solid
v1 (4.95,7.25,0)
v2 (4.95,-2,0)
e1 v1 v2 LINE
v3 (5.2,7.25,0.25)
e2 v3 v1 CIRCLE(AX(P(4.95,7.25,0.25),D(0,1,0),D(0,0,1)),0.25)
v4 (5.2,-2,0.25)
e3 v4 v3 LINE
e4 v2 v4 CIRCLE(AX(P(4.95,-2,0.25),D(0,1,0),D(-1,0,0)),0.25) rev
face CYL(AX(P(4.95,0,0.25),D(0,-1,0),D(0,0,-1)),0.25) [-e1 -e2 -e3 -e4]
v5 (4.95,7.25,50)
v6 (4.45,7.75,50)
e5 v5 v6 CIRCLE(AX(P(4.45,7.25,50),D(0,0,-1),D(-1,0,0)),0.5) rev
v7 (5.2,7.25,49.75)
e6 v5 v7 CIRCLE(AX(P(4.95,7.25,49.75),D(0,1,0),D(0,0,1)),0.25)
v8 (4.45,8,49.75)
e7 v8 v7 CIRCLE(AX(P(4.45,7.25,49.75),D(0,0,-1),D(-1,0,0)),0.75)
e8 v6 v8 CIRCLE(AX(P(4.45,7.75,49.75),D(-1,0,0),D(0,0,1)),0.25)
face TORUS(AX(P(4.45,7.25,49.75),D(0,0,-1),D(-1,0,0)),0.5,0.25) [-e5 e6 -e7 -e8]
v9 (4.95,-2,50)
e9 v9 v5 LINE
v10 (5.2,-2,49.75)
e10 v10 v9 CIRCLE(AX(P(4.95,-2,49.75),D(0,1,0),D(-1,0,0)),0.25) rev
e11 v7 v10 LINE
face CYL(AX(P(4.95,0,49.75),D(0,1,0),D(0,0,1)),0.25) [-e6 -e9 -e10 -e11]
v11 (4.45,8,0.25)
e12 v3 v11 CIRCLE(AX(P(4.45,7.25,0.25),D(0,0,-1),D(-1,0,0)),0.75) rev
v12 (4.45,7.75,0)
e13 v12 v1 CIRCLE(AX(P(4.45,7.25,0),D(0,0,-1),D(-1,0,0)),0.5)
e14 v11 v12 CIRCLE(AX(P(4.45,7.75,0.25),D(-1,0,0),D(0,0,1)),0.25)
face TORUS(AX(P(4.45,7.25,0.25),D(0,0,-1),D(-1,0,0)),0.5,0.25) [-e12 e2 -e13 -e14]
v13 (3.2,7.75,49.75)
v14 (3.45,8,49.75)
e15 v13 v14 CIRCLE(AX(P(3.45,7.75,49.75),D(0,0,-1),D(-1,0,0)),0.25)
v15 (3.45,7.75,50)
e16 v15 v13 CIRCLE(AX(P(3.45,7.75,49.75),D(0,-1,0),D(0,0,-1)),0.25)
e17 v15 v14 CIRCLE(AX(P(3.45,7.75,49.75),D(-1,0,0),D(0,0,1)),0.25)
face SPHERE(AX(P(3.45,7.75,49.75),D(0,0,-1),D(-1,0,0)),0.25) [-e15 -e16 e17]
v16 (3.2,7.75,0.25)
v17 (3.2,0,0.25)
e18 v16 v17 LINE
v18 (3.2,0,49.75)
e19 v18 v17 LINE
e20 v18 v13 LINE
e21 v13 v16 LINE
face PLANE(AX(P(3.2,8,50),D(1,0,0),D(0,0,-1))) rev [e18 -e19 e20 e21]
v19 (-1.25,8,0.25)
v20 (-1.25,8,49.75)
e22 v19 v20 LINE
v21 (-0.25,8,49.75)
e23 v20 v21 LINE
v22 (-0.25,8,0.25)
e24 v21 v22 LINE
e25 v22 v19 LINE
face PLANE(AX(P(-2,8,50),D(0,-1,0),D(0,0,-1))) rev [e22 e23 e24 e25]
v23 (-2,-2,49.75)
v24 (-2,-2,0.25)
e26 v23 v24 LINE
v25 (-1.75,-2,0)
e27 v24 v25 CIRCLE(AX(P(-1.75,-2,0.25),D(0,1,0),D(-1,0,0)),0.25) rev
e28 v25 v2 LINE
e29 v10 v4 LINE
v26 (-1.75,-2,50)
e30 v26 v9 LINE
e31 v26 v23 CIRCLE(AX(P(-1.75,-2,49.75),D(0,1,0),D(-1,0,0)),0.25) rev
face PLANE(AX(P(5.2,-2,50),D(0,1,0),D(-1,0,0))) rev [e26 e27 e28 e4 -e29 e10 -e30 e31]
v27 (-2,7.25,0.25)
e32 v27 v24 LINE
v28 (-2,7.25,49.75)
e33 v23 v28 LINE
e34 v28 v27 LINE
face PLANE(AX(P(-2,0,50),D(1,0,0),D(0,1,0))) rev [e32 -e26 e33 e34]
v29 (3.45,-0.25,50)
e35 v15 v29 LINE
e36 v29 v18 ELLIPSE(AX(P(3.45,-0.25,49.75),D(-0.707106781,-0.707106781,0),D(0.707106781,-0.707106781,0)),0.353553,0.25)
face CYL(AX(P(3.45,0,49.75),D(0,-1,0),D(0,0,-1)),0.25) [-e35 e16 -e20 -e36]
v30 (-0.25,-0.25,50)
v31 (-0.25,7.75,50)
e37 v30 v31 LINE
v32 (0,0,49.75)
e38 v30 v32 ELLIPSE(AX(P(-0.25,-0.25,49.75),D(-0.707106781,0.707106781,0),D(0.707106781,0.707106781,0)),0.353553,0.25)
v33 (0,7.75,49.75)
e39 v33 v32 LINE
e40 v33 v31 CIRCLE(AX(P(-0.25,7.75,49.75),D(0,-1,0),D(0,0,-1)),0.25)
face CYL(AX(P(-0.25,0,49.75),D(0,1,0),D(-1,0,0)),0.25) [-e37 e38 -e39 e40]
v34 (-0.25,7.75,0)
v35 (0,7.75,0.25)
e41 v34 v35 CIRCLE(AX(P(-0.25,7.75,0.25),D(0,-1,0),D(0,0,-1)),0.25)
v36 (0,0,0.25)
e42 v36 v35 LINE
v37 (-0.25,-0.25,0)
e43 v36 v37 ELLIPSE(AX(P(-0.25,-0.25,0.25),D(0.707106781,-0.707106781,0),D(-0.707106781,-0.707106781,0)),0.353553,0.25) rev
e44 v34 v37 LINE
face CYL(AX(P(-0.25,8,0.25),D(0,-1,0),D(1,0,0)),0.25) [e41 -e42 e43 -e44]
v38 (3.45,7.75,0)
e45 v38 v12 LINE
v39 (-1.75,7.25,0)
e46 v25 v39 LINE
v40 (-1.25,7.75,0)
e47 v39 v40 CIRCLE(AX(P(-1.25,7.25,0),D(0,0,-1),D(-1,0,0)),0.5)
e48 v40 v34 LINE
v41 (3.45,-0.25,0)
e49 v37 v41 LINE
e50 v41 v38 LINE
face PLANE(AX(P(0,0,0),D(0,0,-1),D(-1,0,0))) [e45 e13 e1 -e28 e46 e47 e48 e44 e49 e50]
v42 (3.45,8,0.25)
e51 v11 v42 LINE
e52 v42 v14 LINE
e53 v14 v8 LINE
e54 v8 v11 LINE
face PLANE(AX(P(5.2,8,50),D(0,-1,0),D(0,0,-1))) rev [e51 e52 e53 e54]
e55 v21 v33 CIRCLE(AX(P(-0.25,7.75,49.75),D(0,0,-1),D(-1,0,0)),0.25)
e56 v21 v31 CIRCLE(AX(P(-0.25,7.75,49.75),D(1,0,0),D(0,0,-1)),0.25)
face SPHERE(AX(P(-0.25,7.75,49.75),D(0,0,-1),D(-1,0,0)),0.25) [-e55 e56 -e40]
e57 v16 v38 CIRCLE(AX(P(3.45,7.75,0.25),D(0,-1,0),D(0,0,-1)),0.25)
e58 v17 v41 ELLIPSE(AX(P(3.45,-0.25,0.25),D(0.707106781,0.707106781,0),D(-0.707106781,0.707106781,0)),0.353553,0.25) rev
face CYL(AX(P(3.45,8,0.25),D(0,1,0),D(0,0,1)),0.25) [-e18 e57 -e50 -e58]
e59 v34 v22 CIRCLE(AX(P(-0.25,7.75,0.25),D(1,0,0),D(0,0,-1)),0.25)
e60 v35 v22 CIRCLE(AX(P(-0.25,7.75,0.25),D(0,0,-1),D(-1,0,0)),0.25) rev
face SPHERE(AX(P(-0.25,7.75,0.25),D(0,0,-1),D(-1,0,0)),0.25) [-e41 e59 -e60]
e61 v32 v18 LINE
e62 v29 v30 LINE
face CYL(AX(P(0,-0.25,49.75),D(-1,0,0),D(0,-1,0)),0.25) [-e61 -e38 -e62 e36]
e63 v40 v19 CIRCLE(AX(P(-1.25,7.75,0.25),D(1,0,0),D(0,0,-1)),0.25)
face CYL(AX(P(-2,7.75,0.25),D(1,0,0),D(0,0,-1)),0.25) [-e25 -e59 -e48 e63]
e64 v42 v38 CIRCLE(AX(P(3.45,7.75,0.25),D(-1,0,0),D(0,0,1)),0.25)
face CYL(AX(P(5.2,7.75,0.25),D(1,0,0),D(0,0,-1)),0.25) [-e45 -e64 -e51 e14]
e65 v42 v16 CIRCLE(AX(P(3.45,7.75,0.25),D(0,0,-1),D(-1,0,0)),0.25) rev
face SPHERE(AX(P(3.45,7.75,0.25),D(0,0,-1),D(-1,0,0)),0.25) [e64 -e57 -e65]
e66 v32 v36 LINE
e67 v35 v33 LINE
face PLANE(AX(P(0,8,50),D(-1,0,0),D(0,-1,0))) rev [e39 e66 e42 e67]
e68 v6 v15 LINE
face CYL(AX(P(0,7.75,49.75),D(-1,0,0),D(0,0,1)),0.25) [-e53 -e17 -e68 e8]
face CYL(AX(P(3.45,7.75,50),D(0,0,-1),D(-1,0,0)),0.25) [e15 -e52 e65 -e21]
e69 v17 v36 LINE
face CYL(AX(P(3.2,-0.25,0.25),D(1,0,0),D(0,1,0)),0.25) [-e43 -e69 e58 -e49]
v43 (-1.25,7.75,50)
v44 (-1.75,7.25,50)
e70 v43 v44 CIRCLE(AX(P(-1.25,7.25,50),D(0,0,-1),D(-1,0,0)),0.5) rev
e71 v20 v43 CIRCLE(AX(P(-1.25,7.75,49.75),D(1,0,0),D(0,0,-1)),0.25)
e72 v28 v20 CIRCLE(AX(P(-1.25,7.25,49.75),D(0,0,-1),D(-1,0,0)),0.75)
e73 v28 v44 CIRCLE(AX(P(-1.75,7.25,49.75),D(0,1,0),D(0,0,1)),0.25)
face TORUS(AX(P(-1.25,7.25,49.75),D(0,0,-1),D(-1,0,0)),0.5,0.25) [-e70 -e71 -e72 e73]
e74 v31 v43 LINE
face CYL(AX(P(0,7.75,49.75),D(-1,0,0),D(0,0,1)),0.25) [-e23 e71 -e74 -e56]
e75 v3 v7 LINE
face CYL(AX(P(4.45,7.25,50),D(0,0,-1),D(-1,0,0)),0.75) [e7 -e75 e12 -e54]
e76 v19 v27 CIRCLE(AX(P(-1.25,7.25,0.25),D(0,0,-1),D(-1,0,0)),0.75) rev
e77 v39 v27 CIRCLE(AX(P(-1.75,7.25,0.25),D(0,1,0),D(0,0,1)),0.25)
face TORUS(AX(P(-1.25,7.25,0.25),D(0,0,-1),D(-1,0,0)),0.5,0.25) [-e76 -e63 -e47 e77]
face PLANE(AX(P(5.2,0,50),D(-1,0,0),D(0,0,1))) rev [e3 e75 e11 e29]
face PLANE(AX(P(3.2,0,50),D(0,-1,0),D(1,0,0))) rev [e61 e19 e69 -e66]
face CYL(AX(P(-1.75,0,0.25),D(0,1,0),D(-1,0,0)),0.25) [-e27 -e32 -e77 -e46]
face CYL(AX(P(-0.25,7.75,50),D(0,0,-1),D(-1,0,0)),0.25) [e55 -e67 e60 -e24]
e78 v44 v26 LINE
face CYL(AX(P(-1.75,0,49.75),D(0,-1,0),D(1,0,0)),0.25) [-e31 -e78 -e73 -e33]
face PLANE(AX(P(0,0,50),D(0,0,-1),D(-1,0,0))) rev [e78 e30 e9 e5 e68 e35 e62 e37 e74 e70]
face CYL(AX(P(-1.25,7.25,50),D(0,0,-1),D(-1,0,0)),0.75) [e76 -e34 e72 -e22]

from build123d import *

# Parameters (mm, degrees)
BOSS_EXTRU_1_DEPTH = 50
CONG_1_R           = 0.75
CONG_2_R           = 0.25
CONG_3_R           = 0.25


with BuildPart() as part:
    # Esquisse1 → Boss.-Extru.1 (new body)
    with BuildSketch(Plane.XY):
        Polygon((3.2, 0), (0, 0), (0, 8), (-2, 8), (-2, 0), (-2, -2), (5.2, -2), (5.2, 0), (5.2, 8), (3.2, 8), align=None)
    extrude(amount=BOSS_EXTRU_1_DEPTH)

    # Congé1
    cong_1_edges = [part.edges().sort_by_distance(p)[0] for p in [
        (5.2, 8, 25),
        (-2, 8, 25),
    ]]
    fillet(cong_1_edges, radius=CONG_1_R)

    # Congé2
    cong_2_edges = [part.edges().sort_by_distance(p)[0] for p in [
        (3.2, 8, 25),
        (0, 8, 25),
    ]]
    fillet(cong_2_edges, radius=CONG_2_R)

    # Congé3
    cong_3_edges = [part.edges().sort_by_distance(p)[0] for p in [
        (1.6, 0, 0),
        (5.2, 2.625, 0),
        (0, 3.875, 0),
        (5.2, 2.625, 50),
        (-2, 2.625, 0),
        (-2, 2.625, 50),
        (3.95, 8, 0),
        (4.980330086, 7.780330086, 0),
        (-1.780330086, 7.780330086, 0),
        (3.95, 8, 50),
        (4.980330086, 7.780330086, 50),
        (-1.780330086, 7.780330086, 50),
        (1.6, 0, 50),
        (-0.75, 8, 0),
        (-0.75, 8, 50),
        (3.2, 3.875, 0),
        (3.273223305, 7.926776695, 0),
        (-0.073223305, 7.926776695, 0),
        (3.2, 3.875, 50),
        (3.273223305, 7.926776695, 50),
        (-0.073223305, 7.926776695, 50),
        (0, 3.875, 50),
    ]]
    fillet(cong_3_edges, radius=CONG_3_R)


solid = part.part
